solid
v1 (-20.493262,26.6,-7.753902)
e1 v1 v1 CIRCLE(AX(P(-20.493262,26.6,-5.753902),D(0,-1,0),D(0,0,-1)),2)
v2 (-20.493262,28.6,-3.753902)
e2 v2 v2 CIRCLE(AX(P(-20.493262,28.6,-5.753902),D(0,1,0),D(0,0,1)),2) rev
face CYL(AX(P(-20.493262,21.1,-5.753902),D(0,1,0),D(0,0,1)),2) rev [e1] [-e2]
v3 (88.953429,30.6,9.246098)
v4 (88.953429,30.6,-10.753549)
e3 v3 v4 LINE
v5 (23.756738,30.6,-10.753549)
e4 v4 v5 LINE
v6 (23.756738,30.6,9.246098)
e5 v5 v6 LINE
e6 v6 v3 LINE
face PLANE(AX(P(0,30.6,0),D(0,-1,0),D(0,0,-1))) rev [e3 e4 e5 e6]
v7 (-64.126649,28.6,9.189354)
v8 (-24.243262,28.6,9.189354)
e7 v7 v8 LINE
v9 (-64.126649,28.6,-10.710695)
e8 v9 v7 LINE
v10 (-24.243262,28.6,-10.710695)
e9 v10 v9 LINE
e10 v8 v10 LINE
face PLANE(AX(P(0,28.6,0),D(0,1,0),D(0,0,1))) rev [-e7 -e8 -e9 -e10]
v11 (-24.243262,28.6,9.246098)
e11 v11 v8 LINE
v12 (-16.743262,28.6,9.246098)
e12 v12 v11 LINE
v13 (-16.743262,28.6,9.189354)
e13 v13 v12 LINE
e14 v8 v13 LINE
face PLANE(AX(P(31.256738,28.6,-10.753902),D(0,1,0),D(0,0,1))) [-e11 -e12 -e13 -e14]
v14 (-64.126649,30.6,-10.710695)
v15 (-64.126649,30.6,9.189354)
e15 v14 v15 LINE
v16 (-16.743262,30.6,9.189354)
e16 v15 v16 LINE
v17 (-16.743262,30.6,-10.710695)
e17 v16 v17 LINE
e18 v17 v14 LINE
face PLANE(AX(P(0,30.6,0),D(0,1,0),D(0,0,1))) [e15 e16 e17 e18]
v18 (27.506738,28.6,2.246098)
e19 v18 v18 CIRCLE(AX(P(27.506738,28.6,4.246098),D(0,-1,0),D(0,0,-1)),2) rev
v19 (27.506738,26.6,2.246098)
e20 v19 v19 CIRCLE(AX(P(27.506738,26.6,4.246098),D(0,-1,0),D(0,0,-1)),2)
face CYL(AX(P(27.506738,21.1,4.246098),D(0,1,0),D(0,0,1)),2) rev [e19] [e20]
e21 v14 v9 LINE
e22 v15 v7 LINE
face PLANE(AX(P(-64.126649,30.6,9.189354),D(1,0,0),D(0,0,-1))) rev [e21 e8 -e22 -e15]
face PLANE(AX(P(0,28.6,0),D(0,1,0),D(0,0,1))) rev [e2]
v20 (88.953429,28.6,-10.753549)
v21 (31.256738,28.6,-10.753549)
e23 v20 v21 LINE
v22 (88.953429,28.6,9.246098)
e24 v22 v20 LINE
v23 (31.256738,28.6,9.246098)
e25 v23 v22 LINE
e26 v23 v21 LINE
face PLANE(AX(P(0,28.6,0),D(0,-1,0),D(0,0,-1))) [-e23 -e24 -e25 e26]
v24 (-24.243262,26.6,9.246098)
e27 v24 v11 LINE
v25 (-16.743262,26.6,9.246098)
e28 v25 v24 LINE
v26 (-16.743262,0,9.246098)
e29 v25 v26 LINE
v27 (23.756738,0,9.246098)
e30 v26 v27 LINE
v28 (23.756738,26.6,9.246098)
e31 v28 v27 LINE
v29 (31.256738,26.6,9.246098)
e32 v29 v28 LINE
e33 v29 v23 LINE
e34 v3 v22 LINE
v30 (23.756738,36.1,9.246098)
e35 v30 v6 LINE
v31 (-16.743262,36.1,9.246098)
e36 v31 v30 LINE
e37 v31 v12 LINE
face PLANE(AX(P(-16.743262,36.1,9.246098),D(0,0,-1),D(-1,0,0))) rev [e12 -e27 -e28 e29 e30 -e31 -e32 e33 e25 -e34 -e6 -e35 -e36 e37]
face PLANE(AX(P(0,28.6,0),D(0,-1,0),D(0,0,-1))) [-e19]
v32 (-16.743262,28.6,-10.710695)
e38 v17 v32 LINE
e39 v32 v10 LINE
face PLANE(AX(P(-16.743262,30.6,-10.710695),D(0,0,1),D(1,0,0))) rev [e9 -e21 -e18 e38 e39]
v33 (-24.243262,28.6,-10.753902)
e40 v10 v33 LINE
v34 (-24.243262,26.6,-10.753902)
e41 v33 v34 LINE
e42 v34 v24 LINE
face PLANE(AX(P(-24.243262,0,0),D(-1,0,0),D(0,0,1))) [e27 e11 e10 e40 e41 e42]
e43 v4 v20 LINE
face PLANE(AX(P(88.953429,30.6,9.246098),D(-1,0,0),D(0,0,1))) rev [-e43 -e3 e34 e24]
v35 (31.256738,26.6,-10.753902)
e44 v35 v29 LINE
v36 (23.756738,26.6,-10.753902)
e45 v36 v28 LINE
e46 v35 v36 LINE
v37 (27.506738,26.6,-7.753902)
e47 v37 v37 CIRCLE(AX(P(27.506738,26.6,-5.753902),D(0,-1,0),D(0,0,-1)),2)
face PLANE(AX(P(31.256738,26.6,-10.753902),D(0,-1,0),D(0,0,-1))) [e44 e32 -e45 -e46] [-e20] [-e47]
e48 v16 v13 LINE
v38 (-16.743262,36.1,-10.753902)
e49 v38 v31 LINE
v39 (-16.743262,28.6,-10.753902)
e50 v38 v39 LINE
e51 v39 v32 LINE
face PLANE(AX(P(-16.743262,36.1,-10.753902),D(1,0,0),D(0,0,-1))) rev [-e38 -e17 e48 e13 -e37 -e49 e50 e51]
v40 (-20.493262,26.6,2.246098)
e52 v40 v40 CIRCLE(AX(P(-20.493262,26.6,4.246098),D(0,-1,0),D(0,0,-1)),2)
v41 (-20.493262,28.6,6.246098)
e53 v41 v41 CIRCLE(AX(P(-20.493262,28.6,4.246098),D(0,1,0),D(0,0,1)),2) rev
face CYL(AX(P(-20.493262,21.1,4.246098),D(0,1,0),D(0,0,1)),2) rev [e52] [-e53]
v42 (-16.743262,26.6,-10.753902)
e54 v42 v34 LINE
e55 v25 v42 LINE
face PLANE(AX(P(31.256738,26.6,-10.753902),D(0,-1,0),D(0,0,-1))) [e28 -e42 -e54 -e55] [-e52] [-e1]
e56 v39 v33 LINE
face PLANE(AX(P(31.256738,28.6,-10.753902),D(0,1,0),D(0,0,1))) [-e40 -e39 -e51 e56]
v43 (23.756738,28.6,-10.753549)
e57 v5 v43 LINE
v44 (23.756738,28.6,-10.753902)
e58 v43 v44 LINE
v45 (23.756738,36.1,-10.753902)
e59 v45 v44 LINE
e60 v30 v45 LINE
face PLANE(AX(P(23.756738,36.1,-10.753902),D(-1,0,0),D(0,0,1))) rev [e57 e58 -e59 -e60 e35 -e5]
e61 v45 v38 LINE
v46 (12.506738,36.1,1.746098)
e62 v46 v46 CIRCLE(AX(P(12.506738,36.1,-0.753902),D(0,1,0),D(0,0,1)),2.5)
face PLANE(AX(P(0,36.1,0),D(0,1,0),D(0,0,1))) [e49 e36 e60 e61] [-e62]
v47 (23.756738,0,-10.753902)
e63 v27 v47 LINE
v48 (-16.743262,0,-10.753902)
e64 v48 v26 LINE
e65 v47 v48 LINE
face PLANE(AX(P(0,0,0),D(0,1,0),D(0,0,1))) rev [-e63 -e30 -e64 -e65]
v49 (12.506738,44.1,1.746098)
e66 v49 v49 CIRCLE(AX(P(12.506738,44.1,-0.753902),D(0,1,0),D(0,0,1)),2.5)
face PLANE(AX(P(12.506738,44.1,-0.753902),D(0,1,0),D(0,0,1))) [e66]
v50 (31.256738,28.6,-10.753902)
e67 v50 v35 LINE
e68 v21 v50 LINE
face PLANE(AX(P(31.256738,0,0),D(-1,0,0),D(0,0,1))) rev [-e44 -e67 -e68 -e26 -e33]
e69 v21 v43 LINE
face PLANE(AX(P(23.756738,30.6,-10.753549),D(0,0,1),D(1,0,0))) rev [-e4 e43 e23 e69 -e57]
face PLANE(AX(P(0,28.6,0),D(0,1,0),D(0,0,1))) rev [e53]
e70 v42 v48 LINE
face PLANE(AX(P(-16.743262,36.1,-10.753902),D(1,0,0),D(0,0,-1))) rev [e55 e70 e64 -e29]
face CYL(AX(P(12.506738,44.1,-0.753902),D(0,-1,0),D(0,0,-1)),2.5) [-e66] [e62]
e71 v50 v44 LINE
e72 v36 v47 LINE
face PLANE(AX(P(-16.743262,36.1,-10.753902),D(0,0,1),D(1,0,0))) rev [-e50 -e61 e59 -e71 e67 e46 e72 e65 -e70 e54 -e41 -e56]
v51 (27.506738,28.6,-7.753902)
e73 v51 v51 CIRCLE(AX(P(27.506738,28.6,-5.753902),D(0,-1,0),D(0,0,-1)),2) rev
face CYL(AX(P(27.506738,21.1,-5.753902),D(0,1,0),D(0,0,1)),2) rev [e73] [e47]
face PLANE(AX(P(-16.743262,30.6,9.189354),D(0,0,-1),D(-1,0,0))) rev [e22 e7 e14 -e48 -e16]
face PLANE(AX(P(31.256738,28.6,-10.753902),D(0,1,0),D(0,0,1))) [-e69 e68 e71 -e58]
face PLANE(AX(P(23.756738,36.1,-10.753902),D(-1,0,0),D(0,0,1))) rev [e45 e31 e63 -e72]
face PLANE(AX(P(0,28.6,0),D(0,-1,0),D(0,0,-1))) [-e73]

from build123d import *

# Parameters (mm, degrees)
SKETCH1_W                = 40.5
SKETCH1_H                = 20
BOSS_EXTRUDE1_DEPTH      = 36.1
SKETCH2_R                = 2.5
BOSS_EXTRUDE2_DEPTH      = 8
BOSS_EXTRUDE3_DEPTH      = 7.5
BOSS_EXTRUDE3_DEPTH_BACK = 48
SKETCH3_W                = 20
SKETCH3_H                = 2
SKETCH4_R                = 2
CUT_EXTRUDE1_DEPTH       = 7.5
SKETCH5_W                = 47.383386501
SKETCH5_H                = 19.900048315
SKETCH5_W_2              = 65.196690676
SKETCH5_H_2              = 19.999647671
BOSS_EXTRUDE4_DEPTH      = 2


with BuildPart() as part:
    # Sketch1 → Boss-Extrude1 (new body)
    with BuildSketch(Plane(origin=(0, 0, 0), x_dir=(1, 0, 0), z_dir=(0, 1, 0))):
        with Locations((3.506737992, 0.753901676)):
            Rectangle(SKETCH1_W, SKETCH1_H)
    extrude(amount=BOSS_EXTRUDE1_DEPTH)

    # Sketch2 → Boss-Extrude2 (add)
    with BuildSketch(Plane(origin=(0, 36.1, 0), x_dir=(1, 0, 0), z_dir=(0, 1, 0))):
        with Locations(Location((12.506737992, 0.753901676, 0), (0, 0, 270))):
            Circle(SKETCH2_R)
    extrude(amount=BOSS_EXTRUDE2_DEPTH)

    # Sketch3 → Boss-Extrude3 (add, two sides: drawn at the far end of the back side and taken through both)
    with BuildSketch(Plane.ZY.offset(16.743262008).offset(-BOSS_EXTRUDE3_DEPTH_BACK)):
        with Locations((-0.753901676, 27.6)):
            Rectangle(SKETCH3_W, SKETCH3_H)
    extrude(amount=BOSS_EXTRUDE3_DEPTH + BOSS_EXTRUDE3_DEPTH_BACK)

    # Sketch4 → Cut-Extrude1 (cut)
    with BuildSketch(Plane(origin=(0, 28.6, 0), x_dir=(1, 0, 0), z_dir=(0, 1, 0))):
        with Locations(Location((-20.493262008, 5.753901676, 0), (0, 0, 270))):
            Circle(SKETCH4_R)
        with Locations(Location((27.506737992, 5.753901676, 0), (0, 0, 270))):
            Circle(SKETCH4_R)
        with Locations(Location((-20.493262008, -4.246098324, 0), (0, 0, 270))):
            Circle(SKETCH4_R)
        with Locations(Location((27.506737992, -4.246098324, 0), (0, 0, 270))):
            Circle(SKETCH4_R)
    extrude(amount=-CUT_EXTRUDE1_DEPTH, mode=Mode.SUBTRACT)

    # Sketch5 → Boss-Extrude4 (add)
    with BuildSketch(Plane(origin=(0, 28.6, 0), x_dir=(1, 0, 0), z_dir=(0, 1, 0))):
        with Locations((-40.434955259, 0.760670561)):
            Rectangle(SKETCH5_W, SKETCH5_H)
        with Locations((56.35508333, 0.753725511)):
            Rectangle(SKETCH5_W_2, SKETCH5_H_2)
    extrude(amount=BOSS_EXTRUDE4_DEPTH)


solid = part.part
